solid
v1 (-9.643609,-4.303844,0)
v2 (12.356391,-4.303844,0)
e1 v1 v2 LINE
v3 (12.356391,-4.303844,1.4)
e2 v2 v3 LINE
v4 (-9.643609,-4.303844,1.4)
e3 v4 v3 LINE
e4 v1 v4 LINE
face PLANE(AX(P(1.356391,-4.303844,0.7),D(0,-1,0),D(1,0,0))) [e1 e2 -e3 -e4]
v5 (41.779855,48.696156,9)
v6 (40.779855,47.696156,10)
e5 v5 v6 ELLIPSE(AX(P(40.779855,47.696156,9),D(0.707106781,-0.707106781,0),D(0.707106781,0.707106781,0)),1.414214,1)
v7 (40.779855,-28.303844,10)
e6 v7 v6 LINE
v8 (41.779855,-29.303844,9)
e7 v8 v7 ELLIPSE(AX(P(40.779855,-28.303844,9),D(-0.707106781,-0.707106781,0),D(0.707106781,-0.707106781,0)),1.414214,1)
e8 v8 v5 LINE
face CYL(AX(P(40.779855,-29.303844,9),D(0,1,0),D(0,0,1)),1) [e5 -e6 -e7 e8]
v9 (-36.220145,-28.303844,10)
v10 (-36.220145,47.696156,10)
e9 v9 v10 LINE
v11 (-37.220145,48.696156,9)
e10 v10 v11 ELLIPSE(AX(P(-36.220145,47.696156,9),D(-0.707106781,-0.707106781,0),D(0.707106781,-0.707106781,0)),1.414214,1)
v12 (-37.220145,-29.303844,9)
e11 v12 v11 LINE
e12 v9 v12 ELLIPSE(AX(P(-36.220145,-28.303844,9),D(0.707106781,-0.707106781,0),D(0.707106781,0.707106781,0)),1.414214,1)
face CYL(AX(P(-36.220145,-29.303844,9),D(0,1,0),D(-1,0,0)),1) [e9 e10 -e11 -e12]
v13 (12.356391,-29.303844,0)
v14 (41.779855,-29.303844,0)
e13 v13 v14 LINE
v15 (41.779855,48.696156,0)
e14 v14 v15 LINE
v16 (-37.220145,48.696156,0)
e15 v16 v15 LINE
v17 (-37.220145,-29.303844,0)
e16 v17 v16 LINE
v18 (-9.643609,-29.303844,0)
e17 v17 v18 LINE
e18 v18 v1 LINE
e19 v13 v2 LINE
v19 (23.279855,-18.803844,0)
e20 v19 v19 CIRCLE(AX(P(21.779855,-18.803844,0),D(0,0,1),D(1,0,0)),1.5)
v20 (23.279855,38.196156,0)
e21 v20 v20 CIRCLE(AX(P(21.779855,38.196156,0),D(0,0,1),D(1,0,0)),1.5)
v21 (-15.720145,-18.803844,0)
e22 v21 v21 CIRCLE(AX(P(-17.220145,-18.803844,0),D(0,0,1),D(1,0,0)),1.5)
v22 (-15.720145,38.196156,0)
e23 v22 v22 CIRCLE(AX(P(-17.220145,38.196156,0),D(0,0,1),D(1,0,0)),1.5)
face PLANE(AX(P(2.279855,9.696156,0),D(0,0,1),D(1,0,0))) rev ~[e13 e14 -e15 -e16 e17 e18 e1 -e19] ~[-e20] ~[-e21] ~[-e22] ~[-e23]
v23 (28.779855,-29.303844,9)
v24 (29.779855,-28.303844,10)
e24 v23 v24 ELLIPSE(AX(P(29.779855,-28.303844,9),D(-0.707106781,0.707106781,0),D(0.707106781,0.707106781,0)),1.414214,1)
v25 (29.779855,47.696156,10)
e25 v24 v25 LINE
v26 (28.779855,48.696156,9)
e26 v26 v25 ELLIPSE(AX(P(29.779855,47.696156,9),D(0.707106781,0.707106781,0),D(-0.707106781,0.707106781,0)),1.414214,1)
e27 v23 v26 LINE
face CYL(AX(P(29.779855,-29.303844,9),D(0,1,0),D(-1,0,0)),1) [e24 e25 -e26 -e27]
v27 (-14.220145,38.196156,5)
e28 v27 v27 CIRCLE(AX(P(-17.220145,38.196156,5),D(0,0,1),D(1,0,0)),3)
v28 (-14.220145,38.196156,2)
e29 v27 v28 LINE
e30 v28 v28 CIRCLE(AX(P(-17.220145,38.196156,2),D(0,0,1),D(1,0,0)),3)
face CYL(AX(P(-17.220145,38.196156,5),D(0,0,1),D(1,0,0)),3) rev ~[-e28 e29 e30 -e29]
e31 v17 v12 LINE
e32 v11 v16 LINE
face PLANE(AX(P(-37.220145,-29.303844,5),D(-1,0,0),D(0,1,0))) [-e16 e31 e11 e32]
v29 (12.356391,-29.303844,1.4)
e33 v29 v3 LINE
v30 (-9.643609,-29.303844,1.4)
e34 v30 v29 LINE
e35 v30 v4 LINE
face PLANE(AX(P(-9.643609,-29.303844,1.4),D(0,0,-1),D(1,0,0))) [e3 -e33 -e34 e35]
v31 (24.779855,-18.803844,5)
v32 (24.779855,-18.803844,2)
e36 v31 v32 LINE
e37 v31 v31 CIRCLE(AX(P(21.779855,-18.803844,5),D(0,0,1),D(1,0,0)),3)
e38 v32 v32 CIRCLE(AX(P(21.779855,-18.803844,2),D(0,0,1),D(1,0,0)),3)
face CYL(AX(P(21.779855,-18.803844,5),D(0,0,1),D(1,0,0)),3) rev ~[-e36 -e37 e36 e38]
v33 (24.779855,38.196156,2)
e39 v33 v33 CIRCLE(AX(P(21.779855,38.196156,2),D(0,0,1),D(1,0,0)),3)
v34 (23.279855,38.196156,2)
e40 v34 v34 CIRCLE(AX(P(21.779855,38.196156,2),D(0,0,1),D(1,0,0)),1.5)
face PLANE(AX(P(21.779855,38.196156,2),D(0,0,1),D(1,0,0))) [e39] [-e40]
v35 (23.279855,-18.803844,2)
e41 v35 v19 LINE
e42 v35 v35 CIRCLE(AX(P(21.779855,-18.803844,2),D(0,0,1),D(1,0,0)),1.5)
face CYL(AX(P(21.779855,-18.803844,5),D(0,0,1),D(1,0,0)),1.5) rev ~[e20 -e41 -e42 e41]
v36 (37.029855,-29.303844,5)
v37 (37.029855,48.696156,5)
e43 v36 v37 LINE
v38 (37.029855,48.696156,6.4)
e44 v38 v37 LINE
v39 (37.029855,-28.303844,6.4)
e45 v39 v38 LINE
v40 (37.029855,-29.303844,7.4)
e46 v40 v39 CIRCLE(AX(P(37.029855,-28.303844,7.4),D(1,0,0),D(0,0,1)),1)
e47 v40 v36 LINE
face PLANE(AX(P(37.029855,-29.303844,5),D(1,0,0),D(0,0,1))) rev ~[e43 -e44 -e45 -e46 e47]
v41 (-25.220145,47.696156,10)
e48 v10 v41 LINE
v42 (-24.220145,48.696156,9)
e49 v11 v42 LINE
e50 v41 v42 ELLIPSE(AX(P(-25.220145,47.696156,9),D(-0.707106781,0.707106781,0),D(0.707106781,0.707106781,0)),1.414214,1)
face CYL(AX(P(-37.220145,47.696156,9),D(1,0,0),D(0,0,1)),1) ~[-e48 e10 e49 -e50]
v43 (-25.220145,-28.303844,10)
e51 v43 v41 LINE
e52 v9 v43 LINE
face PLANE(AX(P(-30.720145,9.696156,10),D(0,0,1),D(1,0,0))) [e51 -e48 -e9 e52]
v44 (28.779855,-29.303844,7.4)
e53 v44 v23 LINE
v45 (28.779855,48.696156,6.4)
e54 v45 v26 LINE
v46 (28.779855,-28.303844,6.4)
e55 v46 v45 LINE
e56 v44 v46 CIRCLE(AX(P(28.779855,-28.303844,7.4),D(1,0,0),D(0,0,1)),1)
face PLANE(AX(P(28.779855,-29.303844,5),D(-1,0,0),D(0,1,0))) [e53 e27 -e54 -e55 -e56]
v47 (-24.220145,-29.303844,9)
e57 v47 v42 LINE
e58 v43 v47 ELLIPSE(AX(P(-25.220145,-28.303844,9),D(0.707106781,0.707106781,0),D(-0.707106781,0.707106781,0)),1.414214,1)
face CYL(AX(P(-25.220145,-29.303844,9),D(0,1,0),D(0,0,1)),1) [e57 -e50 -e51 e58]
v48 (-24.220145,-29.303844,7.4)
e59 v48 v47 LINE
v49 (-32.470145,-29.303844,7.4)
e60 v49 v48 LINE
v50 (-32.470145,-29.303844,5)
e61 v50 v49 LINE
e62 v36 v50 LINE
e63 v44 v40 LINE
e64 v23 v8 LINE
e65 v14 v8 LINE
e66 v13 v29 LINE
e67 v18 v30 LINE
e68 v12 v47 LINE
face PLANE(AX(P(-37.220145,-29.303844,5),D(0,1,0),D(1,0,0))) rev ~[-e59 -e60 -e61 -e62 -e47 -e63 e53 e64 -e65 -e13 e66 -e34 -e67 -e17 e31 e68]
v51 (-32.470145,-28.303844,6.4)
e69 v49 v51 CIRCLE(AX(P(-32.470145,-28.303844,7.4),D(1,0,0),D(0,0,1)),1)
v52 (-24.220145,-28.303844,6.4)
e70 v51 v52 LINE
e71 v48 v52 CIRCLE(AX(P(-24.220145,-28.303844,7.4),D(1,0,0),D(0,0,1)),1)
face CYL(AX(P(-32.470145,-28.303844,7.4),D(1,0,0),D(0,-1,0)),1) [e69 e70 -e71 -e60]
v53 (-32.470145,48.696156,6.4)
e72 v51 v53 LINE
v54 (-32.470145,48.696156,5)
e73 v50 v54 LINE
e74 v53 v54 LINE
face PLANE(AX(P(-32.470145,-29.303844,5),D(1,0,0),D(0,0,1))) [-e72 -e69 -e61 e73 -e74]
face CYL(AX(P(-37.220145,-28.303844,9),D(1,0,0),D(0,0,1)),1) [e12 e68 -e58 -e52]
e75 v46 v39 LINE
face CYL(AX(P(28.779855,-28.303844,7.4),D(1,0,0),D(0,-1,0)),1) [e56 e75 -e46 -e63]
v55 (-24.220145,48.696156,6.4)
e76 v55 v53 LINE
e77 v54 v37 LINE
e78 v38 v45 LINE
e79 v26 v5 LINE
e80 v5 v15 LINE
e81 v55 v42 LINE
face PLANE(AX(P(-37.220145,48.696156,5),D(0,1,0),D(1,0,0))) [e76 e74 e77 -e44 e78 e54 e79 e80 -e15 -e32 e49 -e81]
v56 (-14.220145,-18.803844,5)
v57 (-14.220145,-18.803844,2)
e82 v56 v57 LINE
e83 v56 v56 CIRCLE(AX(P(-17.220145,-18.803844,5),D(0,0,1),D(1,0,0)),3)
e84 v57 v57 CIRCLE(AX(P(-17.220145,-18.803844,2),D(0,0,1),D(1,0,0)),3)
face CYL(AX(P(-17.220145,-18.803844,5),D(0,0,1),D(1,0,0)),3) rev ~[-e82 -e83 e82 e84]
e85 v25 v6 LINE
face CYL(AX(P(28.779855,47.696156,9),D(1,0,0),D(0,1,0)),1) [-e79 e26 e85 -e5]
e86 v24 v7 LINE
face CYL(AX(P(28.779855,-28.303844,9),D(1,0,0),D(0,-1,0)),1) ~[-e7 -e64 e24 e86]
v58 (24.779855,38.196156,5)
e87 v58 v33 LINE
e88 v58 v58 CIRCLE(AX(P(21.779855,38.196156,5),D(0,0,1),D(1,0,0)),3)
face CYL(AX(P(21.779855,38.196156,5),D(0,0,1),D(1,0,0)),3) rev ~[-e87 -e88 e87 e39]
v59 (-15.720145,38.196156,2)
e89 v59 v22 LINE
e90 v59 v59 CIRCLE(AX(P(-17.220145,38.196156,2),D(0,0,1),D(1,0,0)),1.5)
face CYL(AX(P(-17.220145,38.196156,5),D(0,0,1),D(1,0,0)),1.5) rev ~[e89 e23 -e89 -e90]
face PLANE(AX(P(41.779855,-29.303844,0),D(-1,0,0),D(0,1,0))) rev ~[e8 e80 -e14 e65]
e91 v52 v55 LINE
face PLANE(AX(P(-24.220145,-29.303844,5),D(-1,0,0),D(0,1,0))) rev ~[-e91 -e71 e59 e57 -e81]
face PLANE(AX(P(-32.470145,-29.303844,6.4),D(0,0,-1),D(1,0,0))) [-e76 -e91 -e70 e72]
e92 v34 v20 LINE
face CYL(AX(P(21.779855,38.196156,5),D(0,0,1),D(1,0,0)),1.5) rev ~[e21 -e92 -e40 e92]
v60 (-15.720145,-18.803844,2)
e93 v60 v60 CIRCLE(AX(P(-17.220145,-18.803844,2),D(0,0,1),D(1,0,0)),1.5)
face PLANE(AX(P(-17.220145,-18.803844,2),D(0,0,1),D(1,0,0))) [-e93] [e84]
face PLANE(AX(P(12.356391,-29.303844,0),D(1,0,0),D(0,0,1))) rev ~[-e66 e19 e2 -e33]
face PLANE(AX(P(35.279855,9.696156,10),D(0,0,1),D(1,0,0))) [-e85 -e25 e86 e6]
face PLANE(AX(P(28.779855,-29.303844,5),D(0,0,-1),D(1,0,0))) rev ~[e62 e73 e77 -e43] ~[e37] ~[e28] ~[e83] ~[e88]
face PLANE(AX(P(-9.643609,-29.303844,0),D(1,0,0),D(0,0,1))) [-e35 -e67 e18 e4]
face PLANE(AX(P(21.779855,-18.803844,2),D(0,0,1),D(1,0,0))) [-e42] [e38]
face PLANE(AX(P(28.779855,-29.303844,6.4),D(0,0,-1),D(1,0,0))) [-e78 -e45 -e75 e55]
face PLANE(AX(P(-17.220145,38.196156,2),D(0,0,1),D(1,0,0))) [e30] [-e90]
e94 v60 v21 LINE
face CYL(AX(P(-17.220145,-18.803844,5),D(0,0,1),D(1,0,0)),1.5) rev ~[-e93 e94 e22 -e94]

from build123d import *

# Parameters (mm, degrees)
F0_W      = 79
F0_H      = 78
F1_DEPTH  = 5
F2_W      = 13
F2_H      = 78
F3_DEPTH  = 5
F4_W      = 8.25
F4_H      = 1.4
F5_DEPTH  = 78.001
F6_R      = 1.5
F7_DEPTH  = 30
F8_R      = 3
F9_DEPTH  = 3
F10_W     = 22
F10_H     = 1.4
F11_DEPTH = 25
F12_R     = 1


with BuildPart() as f1:
    # F0 (on Top) → F1 (new body)
    with BuildSketch(Plane.XY):
        with Locations((2.279855, 9.696156)):
            Rectangle(F0_W, F0_H)
    extrude(amount=F1_DEPTH)

    # F2 (on face) → F3 (join)
    with BuildSketch(Plane.XY.offset(5)):
        with Locations((-30.720145, 9.696156)):
            Rectangle(F2_W, F2_H)
        with Locations((35.279855, 9.696156)):
            Rectangle(F2_W, F2_H)
    extrude(amount=F3_DEPTH)

    # F4 (on face) → F5 (cut, through all)
    with BuildSketch(Plane.XZ.offset(29.303844)):
        with Locations((-28.345145, 5.7)):
            Rectangle(F4_W, F4_H)
        with Locations((32.904855, 5.7)):
            Rectangle(F4_W, F4_H)
    extrude(amount=-F5_DEPTH, mode=Mode.SUBTRACT)

    # F6 (on face) → F7 (cut)
    with BuildSketch(Plane.XY.offset(5)):
        with Locations((-17.220145, 38.196156)):
            Circle(F6_R)
        with Locations((21.779855, 38.196156)):
            Circle(F6_R)
        with Locations((-17.220145, -18.803844)):
            Circle(F6_R)
        with Locations((21.779855, -18.803844)):
            Circle(F6_R)
    extrude(amount=-F7_DEPTH, mode=Mode.SUBTRACT)

    # F8 (on face) → F9 (cut)
    with BuildSketch(Plane.XY.offset(5)):
        with Locations((-17.220145, 38.196156)):
            Circle(F8_R)
        with Locations((21.779855, 38.196156)):
            Circle(F8_R)
        with Locations((-17.220145, -18.803844)):
            Circle(F8_R)
        with Locations((21.779855, -18.803844)):
            Circle(F8_R)
    extrude(amount=-F9_DEPTH, mode=Mode.SUBTRACT)

    # F10 (on face) → F11 (cut)
    with BuildSketch(Plane.XZ.offset(29.303844)):
        with Locations((1.356391, 0.7)):
            Rectangle(F10_W, F10_H)
    extrude(amount=-F11_DEPTH, mode=Mode.SUBTRACT)

    # F12
    f12_edges = [f1.edges().sort_by_distance(p)[0] for p in [
        (-24.220145, 9.696156, 10),
        (28.779855, 9.696156, 10),
        (35.279855, -29.303844, 10),
        (-30.720145, -29.303844, 10),
        (-30.720145, 48.696156, 10),
        (35.279855, 48.696156, 10),
        (32.904855, -29.303844, 6.4),
        (-28.345145, -29.303844, 6.4),
        (41.779855, 9.696156, 10),
        (-37.220145, 9.696156, 10),
    ]]
    fillet(f12_edges, radius=F12_R)


solid = f1.part
